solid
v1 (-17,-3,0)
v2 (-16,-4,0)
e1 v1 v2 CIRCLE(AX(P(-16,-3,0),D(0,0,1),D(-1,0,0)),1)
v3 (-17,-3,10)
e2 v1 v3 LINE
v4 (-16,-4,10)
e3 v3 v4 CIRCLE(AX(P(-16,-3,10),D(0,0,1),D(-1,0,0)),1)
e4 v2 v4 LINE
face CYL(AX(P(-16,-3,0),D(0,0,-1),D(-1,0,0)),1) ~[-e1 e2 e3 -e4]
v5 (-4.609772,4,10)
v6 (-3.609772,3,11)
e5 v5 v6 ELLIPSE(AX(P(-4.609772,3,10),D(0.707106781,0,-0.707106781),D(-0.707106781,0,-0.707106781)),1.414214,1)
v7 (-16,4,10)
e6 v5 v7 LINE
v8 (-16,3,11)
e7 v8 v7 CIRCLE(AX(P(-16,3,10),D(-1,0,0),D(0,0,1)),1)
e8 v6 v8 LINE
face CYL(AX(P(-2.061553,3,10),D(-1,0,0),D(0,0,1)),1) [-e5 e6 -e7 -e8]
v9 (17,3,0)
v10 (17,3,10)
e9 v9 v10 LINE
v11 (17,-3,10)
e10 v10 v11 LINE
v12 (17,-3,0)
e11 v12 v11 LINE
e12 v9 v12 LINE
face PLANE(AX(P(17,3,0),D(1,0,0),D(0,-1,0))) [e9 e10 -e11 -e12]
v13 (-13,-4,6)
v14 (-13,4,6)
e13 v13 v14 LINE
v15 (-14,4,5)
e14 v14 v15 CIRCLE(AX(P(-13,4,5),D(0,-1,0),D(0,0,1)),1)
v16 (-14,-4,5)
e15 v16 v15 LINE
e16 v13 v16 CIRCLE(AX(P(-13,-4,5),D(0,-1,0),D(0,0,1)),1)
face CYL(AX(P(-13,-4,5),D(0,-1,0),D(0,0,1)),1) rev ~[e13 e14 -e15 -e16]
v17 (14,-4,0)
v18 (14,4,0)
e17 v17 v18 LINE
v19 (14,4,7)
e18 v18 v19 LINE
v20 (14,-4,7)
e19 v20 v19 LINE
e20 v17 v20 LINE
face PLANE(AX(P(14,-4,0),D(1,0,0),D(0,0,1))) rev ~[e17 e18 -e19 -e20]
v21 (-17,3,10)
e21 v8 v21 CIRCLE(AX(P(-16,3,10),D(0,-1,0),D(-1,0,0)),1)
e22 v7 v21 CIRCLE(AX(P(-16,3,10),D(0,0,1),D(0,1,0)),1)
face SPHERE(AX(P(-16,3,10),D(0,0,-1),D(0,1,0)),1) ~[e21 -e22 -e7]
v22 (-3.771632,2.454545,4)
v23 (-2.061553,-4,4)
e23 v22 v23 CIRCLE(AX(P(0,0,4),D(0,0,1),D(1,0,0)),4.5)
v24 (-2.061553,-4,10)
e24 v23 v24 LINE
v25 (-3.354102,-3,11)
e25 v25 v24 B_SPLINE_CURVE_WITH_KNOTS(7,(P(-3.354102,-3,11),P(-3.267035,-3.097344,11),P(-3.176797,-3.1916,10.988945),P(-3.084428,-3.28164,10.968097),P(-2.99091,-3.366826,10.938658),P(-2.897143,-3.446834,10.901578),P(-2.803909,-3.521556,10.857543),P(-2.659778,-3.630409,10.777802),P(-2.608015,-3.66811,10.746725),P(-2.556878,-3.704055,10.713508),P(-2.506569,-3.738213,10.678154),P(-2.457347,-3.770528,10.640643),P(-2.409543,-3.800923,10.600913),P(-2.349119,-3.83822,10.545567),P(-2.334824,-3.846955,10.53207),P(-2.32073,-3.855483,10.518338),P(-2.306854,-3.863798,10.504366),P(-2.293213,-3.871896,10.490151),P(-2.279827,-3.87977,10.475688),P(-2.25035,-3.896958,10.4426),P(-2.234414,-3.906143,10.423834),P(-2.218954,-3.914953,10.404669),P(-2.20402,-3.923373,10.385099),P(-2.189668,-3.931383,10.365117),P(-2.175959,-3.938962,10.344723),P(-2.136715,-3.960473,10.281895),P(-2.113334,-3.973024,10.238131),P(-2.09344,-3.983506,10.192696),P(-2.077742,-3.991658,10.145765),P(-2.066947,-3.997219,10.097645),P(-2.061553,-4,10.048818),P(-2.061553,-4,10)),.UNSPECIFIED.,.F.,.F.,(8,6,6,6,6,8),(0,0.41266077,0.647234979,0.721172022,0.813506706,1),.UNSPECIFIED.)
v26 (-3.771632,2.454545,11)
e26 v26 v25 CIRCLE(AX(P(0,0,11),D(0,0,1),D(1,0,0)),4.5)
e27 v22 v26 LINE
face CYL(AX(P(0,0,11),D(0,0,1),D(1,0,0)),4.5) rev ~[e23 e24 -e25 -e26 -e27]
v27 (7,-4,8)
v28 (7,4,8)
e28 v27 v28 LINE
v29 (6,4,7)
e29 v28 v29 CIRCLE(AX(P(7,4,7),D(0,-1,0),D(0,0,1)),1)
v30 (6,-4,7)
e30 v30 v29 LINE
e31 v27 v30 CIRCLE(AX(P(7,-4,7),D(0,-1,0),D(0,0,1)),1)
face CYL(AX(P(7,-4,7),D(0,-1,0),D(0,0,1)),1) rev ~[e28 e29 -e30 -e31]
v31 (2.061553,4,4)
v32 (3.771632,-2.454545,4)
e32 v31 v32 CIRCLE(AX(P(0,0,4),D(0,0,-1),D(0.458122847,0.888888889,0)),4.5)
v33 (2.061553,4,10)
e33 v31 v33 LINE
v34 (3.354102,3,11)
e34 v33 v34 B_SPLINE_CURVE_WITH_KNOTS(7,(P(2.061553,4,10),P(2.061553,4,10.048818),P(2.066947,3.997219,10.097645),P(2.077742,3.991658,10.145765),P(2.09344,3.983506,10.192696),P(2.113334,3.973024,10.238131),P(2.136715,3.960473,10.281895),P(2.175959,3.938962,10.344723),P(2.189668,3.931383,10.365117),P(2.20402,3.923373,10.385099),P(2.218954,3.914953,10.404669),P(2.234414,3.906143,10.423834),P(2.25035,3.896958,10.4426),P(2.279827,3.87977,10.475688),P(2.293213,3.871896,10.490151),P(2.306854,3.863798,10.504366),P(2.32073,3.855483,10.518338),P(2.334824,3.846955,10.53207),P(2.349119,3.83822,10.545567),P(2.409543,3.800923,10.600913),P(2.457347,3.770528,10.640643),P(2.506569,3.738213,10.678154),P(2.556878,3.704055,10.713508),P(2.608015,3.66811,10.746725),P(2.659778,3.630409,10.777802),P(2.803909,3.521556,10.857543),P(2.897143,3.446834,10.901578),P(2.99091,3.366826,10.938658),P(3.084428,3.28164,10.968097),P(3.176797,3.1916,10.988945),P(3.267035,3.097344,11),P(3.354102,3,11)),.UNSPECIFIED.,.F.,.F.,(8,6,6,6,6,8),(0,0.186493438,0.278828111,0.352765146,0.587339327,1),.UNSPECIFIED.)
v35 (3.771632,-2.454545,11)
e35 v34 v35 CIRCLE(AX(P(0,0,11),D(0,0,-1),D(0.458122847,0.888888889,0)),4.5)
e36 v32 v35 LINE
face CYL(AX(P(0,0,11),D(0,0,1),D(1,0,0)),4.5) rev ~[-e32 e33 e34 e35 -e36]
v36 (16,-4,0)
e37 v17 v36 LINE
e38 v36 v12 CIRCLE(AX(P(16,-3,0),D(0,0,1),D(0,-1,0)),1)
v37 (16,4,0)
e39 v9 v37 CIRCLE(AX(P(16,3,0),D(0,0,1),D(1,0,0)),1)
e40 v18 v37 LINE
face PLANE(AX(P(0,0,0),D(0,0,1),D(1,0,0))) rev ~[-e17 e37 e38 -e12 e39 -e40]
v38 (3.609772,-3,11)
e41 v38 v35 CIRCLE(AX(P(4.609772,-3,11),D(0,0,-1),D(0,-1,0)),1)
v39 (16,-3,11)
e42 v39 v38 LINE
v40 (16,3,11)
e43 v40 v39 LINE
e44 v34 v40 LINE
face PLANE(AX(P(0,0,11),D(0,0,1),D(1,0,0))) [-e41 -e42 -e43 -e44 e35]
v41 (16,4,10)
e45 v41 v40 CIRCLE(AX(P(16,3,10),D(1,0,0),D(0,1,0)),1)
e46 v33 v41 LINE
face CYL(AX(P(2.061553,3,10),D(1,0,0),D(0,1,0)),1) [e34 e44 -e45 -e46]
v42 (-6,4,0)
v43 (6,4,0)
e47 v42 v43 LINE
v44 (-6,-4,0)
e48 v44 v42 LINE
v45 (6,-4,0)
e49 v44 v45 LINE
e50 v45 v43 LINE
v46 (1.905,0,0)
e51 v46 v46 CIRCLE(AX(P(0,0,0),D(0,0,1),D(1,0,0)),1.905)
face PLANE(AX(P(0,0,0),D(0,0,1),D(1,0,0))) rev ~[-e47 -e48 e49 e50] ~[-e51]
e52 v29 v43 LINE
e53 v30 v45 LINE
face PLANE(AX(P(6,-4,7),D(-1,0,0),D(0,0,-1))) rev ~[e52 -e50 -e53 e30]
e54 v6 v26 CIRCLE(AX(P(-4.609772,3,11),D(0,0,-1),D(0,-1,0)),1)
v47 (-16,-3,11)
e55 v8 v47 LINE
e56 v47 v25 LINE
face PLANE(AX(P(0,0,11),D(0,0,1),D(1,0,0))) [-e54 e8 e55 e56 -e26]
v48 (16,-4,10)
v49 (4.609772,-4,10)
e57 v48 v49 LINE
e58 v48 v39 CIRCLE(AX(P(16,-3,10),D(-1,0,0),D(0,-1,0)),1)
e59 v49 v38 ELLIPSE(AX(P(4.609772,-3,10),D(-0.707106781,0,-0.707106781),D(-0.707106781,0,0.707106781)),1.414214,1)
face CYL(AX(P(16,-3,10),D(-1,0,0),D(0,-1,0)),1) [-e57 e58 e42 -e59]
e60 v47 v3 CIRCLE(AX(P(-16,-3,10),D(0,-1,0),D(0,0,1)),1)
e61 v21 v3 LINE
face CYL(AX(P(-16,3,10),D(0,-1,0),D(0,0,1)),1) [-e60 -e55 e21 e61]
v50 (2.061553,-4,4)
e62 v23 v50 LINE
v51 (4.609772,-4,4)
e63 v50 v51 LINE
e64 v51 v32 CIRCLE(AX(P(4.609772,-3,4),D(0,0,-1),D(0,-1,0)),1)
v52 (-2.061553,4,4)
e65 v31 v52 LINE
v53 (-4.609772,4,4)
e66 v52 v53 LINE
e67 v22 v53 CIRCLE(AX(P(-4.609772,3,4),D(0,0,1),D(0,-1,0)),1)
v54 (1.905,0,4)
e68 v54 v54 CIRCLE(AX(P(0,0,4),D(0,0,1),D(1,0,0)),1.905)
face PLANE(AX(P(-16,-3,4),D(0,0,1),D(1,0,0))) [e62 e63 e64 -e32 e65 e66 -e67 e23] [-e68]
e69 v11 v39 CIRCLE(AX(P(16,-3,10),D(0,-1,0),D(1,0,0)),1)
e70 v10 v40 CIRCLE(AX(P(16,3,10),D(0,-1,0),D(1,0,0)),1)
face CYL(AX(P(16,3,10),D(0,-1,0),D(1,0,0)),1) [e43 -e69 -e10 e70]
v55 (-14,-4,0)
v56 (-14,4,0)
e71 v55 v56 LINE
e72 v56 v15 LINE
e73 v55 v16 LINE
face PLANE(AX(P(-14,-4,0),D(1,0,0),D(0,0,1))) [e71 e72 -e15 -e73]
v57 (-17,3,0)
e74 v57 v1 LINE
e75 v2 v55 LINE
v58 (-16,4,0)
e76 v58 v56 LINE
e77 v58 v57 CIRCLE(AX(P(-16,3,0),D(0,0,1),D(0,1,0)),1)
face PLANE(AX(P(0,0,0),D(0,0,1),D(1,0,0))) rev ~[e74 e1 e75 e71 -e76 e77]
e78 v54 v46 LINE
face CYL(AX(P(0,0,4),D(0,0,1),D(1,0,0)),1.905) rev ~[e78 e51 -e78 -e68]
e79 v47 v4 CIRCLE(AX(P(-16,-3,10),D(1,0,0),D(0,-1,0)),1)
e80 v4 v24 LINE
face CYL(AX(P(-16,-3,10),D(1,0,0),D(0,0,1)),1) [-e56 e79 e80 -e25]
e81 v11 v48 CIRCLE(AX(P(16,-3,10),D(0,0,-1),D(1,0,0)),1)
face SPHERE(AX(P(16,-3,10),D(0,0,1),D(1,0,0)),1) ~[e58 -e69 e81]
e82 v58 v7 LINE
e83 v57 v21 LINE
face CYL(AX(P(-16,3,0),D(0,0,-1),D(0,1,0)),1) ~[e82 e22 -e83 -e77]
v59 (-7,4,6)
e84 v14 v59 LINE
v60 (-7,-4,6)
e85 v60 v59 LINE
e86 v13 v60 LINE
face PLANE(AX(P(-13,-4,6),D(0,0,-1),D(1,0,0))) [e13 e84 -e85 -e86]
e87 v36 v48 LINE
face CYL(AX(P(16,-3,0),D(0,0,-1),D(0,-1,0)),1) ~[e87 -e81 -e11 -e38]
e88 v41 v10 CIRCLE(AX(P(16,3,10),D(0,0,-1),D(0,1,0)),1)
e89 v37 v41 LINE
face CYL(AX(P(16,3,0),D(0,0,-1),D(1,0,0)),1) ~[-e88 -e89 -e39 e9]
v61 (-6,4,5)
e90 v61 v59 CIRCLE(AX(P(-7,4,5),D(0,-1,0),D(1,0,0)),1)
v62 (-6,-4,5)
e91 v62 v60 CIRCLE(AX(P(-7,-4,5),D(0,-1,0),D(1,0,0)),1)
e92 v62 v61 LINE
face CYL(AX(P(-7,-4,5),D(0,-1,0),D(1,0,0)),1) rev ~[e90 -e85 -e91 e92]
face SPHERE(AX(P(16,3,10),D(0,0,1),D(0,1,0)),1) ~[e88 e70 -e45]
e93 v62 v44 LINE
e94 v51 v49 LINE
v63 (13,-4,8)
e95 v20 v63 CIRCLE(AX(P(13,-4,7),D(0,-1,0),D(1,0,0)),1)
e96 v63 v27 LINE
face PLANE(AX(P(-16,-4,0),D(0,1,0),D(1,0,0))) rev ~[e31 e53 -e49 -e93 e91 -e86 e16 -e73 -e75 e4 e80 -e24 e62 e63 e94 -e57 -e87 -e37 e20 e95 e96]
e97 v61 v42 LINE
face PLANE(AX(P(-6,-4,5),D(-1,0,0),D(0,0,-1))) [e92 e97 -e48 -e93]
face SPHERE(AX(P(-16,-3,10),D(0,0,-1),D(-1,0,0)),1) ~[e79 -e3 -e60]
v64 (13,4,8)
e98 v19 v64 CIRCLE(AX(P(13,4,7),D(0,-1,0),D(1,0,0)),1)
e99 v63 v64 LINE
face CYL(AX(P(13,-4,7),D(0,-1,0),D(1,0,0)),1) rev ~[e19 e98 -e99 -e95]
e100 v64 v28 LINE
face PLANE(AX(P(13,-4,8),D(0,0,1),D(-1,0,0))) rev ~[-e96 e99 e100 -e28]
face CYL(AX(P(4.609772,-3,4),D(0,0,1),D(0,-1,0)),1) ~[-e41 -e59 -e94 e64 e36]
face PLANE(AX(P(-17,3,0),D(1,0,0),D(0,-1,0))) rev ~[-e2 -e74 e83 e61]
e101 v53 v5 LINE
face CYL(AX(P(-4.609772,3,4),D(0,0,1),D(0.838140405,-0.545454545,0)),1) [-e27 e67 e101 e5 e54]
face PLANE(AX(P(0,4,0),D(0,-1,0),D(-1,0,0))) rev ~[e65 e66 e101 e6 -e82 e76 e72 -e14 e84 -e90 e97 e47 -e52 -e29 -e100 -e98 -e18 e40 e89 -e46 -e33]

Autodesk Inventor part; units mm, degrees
ref_plane "YZ Plane" through (0, 0, 0) normal (1, 0, 0) x (0, 1, 0)
ref_plane "XZ Plane" through (0, 0, 0) normal (0, 1, 0) x (-1, 0, 0)
ref_plane "XY Plane" through (0, 0, 0) normal (0, 0, 1) x (1, 0, 0)
sketch "Sketch1" plane through (0, 0, 0) normal (0, 0, 1) x (1, 0, 0)
  line L0 (0, 4) -> (16, 4)
  line L1 (17, 3) -> (17, -3)
  line L2 (16, -4) -> (0, -4)
  arc A0 (17, 3) -> (16, 4) centre (16, 3) ccw
  arc A1 (16, -4) -> (17, -3) centre (16, -3) ccw
  line L3 (0, 4) -> (-16, 4)
  line L4 (-17, 3) -> (-17, -3)
  line L5 (-16, -4) -> (0, -4)
  arc A2 (-16, 4) -> (-17, 3) centre (-16, 3) ccw
  arc A3 (-17, -3) -> (-16, -4) centre (-16, -3) ccw
  line L6 (0, 4) -> (0, -4)
  point P0 (0, 0)
  point P1 (0, 0)
  dimension "d1" = 17
  dimension "d2" = 1
  dimension "d17" = 17
  dimension "d18" = 4
  dimension "d19" = 4
  dimension "d20" = 1
  dimension "d21" = 8
  dimension "d22" = 4
extrude "Extrusion1" add sketch "Sketch1" along normal blind 11
sketch "Sketch5" plane through (-16, -4, 0) normal (0, -1, 0) x (1, 0, 0)
  line L0 (0, 0) -> (32, 0) projected
  line L1 (22, 0) -> (30, 0)
  line L2 (30, 0) -> (30, 7)
  line L3 (29, 8) -> (23, 8)
  line L4 (22, 7) -> (22, 0)
  line L5 (33, 0) -> (33, 11) projected
  arc A0 (23, 8) -> (22, 7) centre (23, 7) ccw
  arc A1 (30, 7) -> (29, 8) centre (29, 7) ccw
  line L6 (3, 6) -> (9, 6)
  line L7 (10, 5) -> (10, 0)
  line L8 (10, 0) -> (2, 0)
  line L9 (2, 0) -> (2, 5)
  line L10 (-1, 0) -> (-1, 11) projected
  line L11 (32, 0) -> (0, 0) projected
  arc A2 (3, 6) -> (2, 5) centre (3, 5) ccw
  arc A3 (10, 5) -> (9, 6) centre (9, 5) ccw
  point P0 (16, 0)
  point P1 (10, 6)
  dimension "d28" = 3
  dimension "d29" = 8
  dimension "d30" = 8
  dimension "d31" = 1
  dimension "d34" = 3
  dimension "d35" = 8
  dimension "d36" = 6
  dimension "d37" = 1
extrude "Extrusion5" cut sketch "Sketch5" against normal through all
sketch "Sketch3" plane through (-16, -3, 11) normal (0, 0, 1) x (1, 0, 0)
  circle A0 centre (16, 3) radius 4.5
  dimension "d38" = 9
extrude "Extrusion3" cut sketch "Sketch3" against normal blind 7
sketch "Sketch4" plane through (-16, -3, 4) normal (0, 0, 1) x (1, 0, 0)
  circle A0 centre (16, 3) radius 1.905
  dimension "d13" = 3.81
extrude "Extrusion4" cut sketch "Sketch4" against normal through all
fillet "Fillet2" radius 1 10 edges at (9.0308, -4, 11) (-16.7071, -3.7071, 11) (-17, 0, 11) (-16.7071, 3.7071, 11) (-9.0308, 4, 11) (16.7071, -3.7071, 11) (17, 0, 11) (16.7071, 3.7071, 11) (2.0616, -4, 7.5) (-2.0616, 4, 7.5)
properties part number "WireClampDual"
